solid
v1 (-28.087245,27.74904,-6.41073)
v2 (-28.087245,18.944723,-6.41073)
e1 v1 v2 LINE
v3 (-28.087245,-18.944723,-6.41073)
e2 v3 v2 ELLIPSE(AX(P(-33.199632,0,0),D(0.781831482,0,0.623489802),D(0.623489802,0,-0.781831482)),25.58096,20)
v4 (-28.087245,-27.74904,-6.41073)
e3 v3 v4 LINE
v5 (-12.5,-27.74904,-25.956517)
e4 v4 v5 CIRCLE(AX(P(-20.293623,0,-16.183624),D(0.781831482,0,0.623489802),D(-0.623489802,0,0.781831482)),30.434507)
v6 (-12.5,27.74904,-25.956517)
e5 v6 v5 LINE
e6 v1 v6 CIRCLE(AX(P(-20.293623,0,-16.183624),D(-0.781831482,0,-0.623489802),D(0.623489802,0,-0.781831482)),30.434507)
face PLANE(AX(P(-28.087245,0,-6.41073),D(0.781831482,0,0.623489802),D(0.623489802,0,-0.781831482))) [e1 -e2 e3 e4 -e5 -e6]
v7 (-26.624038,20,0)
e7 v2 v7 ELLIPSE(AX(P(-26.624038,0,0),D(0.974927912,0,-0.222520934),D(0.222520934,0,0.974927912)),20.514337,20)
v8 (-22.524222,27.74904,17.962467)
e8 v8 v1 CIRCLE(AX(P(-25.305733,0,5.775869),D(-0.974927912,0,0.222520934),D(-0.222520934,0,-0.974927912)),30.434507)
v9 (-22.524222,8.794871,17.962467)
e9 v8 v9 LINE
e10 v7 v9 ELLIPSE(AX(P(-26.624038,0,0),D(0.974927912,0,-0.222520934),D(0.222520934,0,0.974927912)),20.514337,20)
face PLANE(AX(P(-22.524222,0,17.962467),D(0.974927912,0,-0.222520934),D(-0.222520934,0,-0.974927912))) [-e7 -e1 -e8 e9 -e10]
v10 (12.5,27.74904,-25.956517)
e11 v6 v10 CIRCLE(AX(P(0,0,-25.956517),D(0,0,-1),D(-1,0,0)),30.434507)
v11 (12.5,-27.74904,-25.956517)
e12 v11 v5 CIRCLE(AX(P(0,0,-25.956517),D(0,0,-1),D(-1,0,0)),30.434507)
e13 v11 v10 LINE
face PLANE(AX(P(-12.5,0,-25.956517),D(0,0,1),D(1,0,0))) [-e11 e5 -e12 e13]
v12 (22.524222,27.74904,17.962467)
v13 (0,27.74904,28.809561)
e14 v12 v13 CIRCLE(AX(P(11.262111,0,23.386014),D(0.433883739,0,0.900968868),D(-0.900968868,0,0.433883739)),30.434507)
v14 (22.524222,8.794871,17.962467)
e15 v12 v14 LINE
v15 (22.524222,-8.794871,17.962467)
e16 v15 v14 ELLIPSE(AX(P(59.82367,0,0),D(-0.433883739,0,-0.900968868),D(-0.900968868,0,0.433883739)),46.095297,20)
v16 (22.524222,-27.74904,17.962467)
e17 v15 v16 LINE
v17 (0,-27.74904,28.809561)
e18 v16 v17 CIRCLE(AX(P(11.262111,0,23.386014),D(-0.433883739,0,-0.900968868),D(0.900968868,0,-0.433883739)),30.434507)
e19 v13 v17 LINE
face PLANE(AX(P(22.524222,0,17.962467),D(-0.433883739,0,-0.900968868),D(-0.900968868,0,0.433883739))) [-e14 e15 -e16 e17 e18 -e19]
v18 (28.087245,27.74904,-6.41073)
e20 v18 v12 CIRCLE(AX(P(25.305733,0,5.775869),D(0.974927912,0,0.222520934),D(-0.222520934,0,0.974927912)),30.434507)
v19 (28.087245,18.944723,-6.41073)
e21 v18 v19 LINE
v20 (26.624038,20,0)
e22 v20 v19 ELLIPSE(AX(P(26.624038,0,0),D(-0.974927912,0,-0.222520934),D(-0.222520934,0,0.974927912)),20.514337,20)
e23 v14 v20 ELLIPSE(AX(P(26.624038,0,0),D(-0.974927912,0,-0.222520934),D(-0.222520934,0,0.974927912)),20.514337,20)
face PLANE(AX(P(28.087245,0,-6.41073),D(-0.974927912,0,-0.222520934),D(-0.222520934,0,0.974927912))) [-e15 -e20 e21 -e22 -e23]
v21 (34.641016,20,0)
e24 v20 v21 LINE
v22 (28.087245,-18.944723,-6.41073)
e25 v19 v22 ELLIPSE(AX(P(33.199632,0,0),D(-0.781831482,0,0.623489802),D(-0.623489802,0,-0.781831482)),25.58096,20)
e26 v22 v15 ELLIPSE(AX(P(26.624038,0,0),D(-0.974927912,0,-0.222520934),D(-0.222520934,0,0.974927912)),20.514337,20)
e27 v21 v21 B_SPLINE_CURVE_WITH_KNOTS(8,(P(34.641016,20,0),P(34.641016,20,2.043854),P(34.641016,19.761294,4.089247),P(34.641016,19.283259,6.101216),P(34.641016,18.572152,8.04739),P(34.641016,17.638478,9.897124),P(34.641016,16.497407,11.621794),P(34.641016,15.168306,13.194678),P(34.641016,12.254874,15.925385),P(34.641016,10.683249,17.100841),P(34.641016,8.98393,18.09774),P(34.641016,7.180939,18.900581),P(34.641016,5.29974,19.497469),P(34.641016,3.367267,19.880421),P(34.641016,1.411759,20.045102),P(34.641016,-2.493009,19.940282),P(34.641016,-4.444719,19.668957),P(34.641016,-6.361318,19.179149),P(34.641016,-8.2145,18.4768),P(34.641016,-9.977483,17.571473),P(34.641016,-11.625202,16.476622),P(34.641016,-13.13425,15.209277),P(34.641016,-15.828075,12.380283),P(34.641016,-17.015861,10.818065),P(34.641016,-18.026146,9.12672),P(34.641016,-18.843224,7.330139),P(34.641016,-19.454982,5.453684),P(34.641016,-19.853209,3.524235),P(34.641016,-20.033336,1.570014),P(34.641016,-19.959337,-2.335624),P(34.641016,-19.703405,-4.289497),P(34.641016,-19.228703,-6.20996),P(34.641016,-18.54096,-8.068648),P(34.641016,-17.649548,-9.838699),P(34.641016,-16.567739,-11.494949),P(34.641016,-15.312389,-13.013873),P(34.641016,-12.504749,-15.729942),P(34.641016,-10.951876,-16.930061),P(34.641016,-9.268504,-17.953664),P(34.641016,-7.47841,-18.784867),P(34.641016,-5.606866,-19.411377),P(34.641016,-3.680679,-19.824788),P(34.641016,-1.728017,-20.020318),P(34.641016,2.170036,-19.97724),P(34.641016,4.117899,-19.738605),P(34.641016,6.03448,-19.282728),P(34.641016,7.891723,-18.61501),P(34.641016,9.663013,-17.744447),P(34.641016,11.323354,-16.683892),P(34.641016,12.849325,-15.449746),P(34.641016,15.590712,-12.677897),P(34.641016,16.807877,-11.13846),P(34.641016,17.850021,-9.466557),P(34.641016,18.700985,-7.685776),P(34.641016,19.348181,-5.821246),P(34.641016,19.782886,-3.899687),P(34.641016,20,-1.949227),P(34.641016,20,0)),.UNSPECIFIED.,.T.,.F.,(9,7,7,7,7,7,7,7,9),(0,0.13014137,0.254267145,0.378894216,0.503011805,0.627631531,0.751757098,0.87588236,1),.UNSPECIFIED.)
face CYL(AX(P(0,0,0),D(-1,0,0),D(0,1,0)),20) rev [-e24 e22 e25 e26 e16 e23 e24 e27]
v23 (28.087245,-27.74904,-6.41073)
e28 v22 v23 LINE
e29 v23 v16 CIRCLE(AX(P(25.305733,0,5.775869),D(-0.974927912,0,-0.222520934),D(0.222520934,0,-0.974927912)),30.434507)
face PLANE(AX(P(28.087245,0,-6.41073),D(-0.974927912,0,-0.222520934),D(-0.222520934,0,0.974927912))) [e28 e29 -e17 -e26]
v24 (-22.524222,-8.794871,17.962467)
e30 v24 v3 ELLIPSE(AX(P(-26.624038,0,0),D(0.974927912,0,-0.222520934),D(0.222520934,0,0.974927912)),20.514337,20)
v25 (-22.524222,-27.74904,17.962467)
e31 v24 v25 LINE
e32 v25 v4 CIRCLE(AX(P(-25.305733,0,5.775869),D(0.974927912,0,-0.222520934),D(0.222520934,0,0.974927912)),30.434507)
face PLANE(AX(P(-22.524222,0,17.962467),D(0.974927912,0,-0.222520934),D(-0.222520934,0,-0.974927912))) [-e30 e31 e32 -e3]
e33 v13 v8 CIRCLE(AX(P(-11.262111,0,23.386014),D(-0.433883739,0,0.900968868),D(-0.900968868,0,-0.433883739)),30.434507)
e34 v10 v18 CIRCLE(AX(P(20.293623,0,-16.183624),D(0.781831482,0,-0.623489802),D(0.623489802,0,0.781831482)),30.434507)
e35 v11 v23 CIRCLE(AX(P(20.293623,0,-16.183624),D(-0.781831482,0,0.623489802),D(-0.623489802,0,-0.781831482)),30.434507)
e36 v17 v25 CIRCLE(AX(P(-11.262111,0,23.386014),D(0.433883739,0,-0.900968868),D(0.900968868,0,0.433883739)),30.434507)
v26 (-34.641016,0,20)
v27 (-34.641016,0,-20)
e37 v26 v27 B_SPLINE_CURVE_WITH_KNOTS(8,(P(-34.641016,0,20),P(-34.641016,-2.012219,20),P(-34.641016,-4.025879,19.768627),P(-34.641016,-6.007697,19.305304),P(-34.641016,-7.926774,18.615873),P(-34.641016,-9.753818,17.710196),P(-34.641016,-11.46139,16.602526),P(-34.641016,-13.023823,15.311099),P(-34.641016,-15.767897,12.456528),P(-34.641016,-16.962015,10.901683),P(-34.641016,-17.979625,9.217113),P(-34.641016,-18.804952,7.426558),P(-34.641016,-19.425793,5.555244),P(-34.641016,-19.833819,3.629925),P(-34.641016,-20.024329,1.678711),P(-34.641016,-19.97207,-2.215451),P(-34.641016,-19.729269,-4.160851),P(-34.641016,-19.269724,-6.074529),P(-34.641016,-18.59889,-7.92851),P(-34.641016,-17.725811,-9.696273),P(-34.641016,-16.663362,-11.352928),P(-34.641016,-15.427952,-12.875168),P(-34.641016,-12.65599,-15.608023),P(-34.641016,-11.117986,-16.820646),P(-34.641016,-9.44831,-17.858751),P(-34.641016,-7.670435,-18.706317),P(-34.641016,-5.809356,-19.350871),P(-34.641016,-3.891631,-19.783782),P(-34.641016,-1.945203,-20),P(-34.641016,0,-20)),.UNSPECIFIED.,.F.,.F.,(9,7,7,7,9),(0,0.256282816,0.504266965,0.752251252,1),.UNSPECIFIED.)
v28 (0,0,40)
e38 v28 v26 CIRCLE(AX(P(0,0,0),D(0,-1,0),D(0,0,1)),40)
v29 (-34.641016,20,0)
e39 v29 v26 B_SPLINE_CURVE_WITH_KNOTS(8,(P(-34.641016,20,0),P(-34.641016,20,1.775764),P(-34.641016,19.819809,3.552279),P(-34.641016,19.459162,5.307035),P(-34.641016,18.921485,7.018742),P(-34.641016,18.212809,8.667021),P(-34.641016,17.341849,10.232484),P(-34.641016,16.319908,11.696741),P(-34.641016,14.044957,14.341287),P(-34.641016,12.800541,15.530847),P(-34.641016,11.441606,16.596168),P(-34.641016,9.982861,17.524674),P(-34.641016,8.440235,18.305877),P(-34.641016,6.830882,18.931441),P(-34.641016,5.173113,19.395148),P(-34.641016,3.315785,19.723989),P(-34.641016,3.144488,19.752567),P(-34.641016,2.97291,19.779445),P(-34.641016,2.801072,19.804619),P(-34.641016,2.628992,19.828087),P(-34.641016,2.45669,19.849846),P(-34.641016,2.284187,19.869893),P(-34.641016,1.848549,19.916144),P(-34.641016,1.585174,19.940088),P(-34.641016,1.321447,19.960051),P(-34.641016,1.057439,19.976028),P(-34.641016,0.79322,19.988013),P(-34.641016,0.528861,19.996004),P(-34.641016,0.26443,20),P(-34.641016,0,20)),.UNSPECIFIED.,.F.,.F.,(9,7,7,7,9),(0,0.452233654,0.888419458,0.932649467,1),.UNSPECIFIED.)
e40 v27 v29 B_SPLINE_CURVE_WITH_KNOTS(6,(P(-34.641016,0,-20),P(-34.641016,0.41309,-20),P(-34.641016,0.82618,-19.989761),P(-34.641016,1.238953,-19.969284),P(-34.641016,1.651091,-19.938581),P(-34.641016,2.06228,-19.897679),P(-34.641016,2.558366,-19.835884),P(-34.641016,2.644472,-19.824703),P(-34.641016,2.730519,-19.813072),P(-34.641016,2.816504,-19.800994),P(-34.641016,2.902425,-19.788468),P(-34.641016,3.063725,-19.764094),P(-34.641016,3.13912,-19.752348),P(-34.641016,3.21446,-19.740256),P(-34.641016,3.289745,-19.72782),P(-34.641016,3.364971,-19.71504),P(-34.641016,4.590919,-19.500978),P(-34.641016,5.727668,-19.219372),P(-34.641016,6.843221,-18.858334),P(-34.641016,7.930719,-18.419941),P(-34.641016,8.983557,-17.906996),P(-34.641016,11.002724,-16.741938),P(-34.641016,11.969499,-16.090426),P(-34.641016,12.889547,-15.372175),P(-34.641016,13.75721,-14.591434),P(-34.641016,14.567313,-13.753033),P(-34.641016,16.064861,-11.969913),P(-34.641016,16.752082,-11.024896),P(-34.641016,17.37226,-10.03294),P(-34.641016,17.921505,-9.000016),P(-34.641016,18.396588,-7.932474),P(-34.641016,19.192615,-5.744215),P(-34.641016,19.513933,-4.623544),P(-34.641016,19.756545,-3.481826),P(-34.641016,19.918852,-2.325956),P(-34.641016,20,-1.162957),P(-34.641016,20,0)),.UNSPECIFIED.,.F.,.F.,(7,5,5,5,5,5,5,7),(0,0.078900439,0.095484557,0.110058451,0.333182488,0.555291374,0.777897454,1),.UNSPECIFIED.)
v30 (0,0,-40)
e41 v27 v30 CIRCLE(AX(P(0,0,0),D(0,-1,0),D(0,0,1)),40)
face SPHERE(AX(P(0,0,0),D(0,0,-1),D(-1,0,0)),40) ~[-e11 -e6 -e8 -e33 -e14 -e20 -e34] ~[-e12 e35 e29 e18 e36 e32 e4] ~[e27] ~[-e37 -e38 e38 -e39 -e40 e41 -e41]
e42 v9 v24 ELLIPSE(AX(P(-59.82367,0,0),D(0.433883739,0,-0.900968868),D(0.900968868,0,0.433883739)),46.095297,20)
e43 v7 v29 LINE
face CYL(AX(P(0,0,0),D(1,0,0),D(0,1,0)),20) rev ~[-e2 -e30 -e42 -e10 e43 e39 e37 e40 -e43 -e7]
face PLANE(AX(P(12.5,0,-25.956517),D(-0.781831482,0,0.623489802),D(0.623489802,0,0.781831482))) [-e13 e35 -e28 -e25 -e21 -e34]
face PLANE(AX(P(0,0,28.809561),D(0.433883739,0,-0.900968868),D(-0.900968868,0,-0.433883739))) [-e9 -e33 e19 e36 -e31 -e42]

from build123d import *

# Parameters (mm, degrees)
F3_DEPTH      = 40.001
F3_DEPTH_BACK = 40.001
F4_R          = 20
F5_DEPTH      = 40.001
F5_DEPTH_BACK = 40.001


with BuildPart() as f1:
    # F0 (on Front) → F1 (revolve)
    with BuildSketch(Plane.XZ):
        with BuildLine():
            ThreePointArc((0, 40), (-40, 0), (0, -40))
            Line((0, -40), (0, 40))
        make_face()
    revolve(axis=Axis((0, 0, 0), (0, 0, 1)))

    # F2 (on Front) → F3 (cut, two sides)
    with BuildSketch(Plane.XZ) as f3_sk:
        Polygon((12.5, -25.9565174572), (28.0872450465, -6.4107303955), (22.5242216976, 17.9624674091), (0, 28.809560887), (-22.5242216976, 17.9624674091), (-28.0872450465, -6.4107303955), (-12.5, -25.9565174572), align=None)
    extrude(amount=-F3_DEPTH, mode=Mode.SUBTRACT)
    extrude(f3_sk.sketch, amount=F3_DEPTH_BACK, mode=Mode.SUBTRACT)

    # F4 (on Right) → F5 (cut, two sides)
    with BuildSketch(Plane.YZ) as f5_sk:
        Circle(F4_R)
    extrude(amount=-F5_DEPTH, mode=Mode.SUBTRACT)
    extrude(f5_sk.sketch, amount=F5_DEPTH_BACK, mode=Mode.SUBTRACT)


solid = f1.part
